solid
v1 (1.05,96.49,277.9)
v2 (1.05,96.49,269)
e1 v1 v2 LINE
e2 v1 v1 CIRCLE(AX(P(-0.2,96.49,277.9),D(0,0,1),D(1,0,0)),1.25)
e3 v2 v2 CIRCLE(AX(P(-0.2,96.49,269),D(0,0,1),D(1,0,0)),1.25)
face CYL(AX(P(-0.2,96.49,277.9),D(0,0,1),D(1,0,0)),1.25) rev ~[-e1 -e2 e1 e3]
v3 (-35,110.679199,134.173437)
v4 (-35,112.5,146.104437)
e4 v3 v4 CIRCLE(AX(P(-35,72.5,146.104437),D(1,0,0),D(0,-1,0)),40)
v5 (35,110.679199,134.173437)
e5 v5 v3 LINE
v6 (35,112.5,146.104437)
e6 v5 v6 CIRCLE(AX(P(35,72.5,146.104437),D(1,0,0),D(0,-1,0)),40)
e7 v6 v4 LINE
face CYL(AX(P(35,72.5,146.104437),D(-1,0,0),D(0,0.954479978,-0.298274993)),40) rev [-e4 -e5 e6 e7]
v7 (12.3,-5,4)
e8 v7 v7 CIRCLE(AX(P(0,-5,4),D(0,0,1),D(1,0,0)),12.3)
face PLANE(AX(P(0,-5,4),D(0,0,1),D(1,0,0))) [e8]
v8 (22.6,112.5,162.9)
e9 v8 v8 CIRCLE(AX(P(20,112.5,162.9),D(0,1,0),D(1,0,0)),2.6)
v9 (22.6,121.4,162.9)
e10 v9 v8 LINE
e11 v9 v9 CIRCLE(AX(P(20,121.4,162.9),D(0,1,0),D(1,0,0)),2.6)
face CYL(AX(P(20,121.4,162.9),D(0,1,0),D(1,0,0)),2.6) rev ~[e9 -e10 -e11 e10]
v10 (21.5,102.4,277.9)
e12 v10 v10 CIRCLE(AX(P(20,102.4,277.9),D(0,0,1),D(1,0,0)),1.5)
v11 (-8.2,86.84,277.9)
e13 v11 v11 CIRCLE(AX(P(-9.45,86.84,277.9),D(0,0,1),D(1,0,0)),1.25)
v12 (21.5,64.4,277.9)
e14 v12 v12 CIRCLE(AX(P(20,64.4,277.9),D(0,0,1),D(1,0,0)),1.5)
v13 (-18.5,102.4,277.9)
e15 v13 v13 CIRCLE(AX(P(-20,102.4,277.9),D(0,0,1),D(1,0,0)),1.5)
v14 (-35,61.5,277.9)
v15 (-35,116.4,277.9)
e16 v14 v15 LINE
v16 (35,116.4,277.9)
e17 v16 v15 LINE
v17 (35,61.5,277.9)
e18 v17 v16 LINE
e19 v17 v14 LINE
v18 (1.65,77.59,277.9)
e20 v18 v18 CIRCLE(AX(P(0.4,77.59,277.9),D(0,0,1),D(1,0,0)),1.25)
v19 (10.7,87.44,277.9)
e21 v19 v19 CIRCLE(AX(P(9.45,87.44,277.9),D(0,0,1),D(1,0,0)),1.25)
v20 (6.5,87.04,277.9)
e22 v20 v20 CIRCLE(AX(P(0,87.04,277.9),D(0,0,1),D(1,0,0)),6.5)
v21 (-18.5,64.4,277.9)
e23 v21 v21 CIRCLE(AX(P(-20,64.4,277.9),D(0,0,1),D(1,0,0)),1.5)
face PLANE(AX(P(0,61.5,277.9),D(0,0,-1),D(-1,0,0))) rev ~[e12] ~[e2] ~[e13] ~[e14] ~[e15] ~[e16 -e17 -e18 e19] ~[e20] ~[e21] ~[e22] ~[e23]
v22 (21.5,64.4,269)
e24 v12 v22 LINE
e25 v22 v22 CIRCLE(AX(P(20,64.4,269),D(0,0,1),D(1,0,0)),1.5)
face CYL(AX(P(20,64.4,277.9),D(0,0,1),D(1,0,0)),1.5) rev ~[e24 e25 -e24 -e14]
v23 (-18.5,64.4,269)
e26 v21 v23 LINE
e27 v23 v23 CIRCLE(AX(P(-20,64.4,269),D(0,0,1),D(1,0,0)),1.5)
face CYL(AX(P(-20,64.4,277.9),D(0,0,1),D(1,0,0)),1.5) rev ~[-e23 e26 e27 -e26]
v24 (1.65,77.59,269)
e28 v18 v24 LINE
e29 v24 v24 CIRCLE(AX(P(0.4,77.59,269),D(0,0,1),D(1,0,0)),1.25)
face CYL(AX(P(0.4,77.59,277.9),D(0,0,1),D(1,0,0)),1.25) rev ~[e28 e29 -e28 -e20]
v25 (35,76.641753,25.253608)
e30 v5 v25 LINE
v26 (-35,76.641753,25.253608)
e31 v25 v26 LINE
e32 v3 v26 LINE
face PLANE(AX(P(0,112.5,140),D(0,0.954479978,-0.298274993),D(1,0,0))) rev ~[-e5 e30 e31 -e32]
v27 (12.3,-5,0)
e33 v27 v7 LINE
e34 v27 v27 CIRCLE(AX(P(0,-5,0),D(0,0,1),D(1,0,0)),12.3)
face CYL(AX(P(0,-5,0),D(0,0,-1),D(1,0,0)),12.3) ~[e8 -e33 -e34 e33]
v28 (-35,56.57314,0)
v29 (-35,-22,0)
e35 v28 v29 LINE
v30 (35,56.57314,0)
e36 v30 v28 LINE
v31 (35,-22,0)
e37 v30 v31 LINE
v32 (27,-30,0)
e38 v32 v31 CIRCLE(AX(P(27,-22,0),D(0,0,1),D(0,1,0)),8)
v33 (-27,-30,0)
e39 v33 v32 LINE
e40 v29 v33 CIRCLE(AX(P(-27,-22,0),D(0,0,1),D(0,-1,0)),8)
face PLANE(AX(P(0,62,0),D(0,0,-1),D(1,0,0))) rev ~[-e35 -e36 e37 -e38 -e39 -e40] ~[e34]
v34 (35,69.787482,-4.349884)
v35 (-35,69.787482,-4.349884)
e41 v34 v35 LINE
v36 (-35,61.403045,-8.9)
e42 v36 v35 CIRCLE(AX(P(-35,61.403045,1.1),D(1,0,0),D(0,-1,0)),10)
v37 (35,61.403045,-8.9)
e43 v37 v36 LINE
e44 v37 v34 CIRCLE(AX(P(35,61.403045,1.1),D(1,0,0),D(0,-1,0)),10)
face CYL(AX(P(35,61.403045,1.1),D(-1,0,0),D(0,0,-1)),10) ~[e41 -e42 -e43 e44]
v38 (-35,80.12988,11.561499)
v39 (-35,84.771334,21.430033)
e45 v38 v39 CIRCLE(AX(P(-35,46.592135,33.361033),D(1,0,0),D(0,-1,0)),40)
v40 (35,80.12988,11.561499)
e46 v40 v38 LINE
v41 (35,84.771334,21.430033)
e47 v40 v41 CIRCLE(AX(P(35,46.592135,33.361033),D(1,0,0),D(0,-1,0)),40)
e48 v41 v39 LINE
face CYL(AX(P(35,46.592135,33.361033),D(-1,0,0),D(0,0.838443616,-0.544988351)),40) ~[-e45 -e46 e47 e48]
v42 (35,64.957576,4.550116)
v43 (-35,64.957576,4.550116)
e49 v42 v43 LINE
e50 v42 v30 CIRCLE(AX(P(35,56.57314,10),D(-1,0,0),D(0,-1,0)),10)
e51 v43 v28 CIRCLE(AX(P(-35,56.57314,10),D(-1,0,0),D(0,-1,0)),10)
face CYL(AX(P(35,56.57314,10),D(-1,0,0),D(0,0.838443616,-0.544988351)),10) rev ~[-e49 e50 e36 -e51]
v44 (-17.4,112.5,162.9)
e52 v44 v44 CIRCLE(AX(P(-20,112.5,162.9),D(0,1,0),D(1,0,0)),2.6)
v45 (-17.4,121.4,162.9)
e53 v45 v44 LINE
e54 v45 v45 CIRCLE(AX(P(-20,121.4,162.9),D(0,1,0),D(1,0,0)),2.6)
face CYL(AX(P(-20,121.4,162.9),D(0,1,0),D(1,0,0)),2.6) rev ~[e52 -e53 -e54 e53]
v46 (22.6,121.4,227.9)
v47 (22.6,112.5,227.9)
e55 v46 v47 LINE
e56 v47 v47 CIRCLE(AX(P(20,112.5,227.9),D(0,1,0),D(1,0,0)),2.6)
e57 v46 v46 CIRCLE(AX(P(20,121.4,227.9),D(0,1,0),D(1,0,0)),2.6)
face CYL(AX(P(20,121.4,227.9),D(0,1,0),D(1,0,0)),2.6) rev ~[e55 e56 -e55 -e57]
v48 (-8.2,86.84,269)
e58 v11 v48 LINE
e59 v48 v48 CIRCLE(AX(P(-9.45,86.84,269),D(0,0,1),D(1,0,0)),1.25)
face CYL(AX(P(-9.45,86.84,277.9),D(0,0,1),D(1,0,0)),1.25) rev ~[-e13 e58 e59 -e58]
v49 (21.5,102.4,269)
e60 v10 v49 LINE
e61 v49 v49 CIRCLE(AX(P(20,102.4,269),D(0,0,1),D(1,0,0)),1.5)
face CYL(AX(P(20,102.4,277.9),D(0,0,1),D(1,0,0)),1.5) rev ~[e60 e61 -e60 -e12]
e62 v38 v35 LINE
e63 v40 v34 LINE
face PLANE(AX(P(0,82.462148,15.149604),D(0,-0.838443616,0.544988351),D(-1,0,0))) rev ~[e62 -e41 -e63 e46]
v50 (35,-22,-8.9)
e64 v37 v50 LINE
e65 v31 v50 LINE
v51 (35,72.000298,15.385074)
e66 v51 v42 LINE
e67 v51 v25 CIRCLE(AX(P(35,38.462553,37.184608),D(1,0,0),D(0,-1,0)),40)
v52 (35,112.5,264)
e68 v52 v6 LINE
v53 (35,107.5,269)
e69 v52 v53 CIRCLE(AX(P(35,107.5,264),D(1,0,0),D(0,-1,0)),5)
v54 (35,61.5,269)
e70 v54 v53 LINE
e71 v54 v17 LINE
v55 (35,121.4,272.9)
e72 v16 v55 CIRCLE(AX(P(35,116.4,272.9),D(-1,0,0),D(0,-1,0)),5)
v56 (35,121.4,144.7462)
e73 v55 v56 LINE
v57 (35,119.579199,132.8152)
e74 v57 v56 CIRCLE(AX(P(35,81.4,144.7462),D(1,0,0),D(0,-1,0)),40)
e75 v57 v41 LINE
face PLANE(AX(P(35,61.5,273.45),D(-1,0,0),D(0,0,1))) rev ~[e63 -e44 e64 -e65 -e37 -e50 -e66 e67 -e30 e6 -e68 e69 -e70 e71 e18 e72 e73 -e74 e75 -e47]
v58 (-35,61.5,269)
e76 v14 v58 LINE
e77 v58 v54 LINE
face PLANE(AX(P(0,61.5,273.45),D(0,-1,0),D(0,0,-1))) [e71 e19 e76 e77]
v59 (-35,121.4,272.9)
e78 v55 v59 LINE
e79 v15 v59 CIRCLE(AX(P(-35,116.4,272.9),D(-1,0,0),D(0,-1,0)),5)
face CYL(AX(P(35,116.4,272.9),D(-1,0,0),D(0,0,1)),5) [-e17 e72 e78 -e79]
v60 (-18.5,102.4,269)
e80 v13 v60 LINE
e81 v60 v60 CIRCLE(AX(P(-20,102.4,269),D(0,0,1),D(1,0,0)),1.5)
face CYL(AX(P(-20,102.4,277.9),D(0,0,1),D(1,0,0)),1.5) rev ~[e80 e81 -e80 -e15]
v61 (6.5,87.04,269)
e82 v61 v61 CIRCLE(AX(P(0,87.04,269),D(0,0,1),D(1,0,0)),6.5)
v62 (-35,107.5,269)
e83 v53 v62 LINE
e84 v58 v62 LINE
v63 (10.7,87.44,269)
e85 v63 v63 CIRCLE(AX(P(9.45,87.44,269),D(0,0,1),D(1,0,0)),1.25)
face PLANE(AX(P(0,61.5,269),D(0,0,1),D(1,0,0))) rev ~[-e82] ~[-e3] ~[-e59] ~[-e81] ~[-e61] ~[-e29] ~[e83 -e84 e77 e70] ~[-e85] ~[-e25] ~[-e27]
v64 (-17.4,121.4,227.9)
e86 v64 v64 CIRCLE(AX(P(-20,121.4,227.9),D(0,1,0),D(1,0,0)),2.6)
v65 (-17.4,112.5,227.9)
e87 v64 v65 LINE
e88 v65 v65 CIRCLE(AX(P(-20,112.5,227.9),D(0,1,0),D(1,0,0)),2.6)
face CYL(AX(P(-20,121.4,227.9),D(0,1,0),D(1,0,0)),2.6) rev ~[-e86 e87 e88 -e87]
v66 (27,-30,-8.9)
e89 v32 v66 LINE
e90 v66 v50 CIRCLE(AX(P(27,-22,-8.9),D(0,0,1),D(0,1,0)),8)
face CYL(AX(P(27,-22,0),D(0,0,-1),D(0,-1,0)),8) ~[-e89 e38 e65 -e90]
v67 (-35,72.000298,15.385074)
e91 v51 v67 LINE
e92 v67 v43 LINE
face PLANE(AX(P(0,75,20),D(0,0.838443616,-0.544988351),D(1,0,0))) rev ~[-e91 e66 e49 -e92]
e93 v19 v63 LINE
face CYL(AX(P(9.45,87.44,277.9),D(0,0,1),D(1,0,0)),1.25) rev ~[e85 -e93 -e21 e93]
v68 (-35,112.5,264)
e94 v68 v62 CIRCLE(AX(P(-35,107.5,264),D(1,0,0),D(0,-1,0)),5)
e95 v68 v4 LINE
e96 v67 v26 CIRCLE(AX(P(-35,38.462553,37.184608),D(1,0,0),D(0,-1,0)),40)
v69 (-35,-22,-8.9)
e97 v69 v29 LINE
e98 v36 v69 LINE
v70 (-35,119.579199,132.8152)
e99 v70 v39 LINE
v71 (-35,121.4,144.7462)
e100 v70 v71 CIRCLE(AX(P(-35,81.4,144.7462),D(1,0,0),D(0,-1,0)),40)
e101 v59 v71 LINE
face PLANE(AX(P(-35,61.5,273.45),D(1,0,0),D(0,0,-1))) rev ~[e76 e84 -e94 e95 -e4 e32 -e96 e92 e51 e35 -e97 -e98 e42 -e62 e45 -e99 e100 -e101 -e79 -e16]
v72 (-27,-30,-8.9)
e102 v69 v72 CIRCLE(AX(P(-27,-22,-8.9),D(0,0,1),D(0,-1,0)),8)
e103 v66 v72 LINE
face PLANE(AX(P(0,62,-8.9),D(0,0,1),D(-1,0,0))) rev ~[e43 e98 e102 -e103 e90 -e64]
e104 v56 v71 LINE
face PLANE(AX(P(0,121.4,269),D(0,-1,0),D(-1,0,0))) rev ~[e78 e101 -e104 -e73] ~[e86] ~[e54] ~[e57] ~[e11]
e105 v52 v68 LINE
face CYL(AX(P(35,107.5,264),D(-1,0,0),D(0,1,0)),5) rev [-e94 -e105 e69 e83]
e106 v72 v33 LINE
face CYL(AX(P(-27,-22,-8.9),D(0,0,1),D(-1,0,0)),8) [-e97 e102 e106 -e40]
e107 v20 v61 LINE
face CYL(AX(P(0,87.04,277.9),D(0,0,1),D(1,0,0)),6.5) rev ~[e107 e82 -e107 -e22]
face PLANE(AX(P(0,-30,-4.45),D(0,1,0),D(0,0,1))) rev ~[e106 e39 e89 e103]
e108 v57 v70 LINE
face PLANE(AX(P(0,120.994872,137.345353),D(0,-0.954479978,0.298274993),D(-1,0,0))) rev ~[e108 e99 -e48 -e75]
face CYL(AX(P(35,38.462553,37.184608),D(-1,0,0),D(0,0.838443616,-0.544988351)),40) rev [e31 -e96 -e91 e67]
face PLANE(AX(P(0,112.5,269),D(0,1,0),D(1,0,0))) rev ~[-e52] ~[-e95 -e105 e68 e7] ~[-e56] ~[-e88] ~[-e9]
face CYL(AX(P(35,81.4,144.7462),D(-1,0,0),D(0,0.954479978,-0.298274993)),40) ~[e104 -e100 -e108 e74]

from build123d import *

# Parameters (mm, degrees)
SKETCH3_W           = 70
SKETCH3_H           = 8.9
SKETCH4_R           = 12.3
BOSS_EXTRUDE1_DEPTH = 4
FILLET1_R           = 10
FILLET2_R           = 40
FILLET3_R           = 8
FILLET4_R           = 40
FILLET5_R           = 5
CUT_EXTRUDE1_REACH  = 288.8
SKETCH5_R           = 6.5
SKETCH5_R_2         = 1.25
CUT_EXTRUDE2_REACH  = 153.4
SKETCH6_R           = 2.6
CUT_EXTRUDE3_REACH  = 288.8
SKETCH7_R           = 1.5


with BuildPart() as part:
    # Sweep1: sweep along a path in Sketch1
    with BuildLine(Plane(origin=(0, 0, 0), x_dir=(0, 0, -1), z_dir=(1, 0, 0))) as sweep1_path:
        Line((-269, 61.5), (-269, 112.5))
        Line((-269, 112.5), (-140, 112.5))
        Line((-140, 112.5), (-20, 75))
        Line((-20, 75), (0, 62))
        Line((0, 62), (0, 0))
        Line((0, 0), (0, -30))
    # Sketch3 → Sweep1 (sweep)
    with BuildSketch(Plane(origin=(0, 0, 0), x_dir=(1, 0, 0), z_dir=(0, 1, 0))):
        with Locations((0, 4.45)):
            Rectangle(SKETCH3_W, SKETCH3_H)
    sweep(path=sweep1_path.line, transition=Transition.RIGHT)

    # Sketch4 → Boss-Extrude1 (add)
    with BuildSketch(Plane.XY):
        with Locations((0, -5)):
            Circle(SKETCH4_R)
    extrude(amount=BOSS_EXTRUDE1_DEPTH)

    # Fillet1
    fillet1_edges = [part.edges().sort_by_distance(p)[0] for p in [
        (0, 66.829905793, -8.9),
        (0, 62, 0),
    ]]
    fillet(fillet1_edges, radius=FILLET1_R)

    # Fillet2
    fillet2_edges = [part.edges().sort_by_distance(p)[0] for p in [
        (0, 83.129581848, 16.176424699),
        (0, 75, 20),
    ]]
    fillet(fillet2_edges, radius=FILLET2_R)

    # Fillet3
    fillet3_edges = [part.edges().sort_by_distance(p)[0] for p in [
        (35, -30, -4.45),
        (-35, -30, -4.45),
    ]]
    fillet(fillet3_edges, radius=FILLET3_R)

    # Fillet4
    fillet4_edges = [part.edges().sort_by_distance(p)[0] for p in [
        (0, 121.4, 138.641762787),
        (0, 112.5, 140),
    ]]
    fillet(fillet4_edges, radius=FILLET4_R)

    # Fillet5
    fillet5_edges = [part.edges().sort_by_distance(p)[0] for p in [
        (0, 112.5, 269),
        (0, 121.4, 277.9),
    ]]
    fillet(fillet5_edges, radius=FILLET5_R)

    # Sketch5 → Cut-Extrude1 (cut, up to next)
    with BuildSketch(Plane.XY.offset(277.9), mode=Mode.PRIVATE) as cut_extrude1_sk1:
        with Locations((0, 87.04)):
            Circle(SKETCH5_R)
    cut_extrude1_tool1 = extrude(cut_extrude1_sk1.sketch, amount=-CUT_EXTRUDE1_REACH, mode=Mode.PRIVATE) & part.part
    add(cut_extrude1_tool1.solids().sort_by_distance((0, 87.04, 277.9))[0], mode=Mode.SUBTRACT)
    # Sketch5 → Cut-Extrude1 (cut, up to next)
    with BuildSketch(Plane.XY.offset(277.9), mode=Mode.PRIVATE) as cut_extrude1_sk2:
        with Locations((-0.2, 96.49)):
            Circle(SKETCH5_R_2)
    cut_extrude1_tool2 = extrude(cut_extrude1_sk2.sketch, amount=-CUT_EXTRUDE1_REACH, mode=Mode.PRIVATE) & part.part
    add(cut_extrude1_tool2.solids().sort_by_distance((-0.2, 96.49, 277.9))[0], mode=Mode.SUBTRACT)
    # Sketch5 → Cut-Extrude1 (cut, up to next)
    with BuildSketch(Plane.XY.offset(277.9), mode=Mode.PRIVATE) as cut_extrude1_sk3:
        with Locations((0.4, 77.59)):
            Circle(SKETCH5_R_2)
    cut_extrude1_tool3 = extrude(cut_extrude1_sk3.sketch, amount=-CUT_EXTRUDE1_REACH, mode=Mode.PRIVATE) & part.part
    add(cut_extrude1_tool3.solids().sort_by_distance((0.4, 77.59, 277.9))[0], mode=Mode.SUBTRACT)
    # Sketch5 → Cut-Extrude1 (cut, up to next)
    with BuildSketch(Plane.XY.offset(277.9), mode=Mode.PRIVATE) as cut_extrude1_sk4:
        with Locations((-9.45, 86.84)):
            Circle(SKETCH5_R_2)
    cut_extrude1_tool4 = extrude(cut_extrude1_sk4.sketch, amount=-CUT_EXTRUDE1_REACH, mode=Mode.PRIVATE) & part.part
    add(cut_extrude1_tool4.solids().sort_by_distance((-9.45, 86.84, 277.9))[0], mode=Mode.SUBTRACT)
    # Sketch5 → Cut-Extrude1 (cut, up to next)
    with BuildSketch(Plane.XY.offset(277.9), mode=Mode.PRIVATE) as cut_extrude1_sk5:
        with Locations((9.45, 87.44)):
            Circle(SKETCH5_R_2)
    cut_extrude1_tool5 = extrude(cut_extrude1_sk5.sketch, amount=-CUT_EXTRUDE1_REACH, mode=Mode.PRIVATE) & part.part
    add(cut_extrude1_tool5.solids().sort_by_distance((9.45, 87.44, 277.9))[0], mode=Mode.SUBTRACT)

    # Sketch6 → Cut-Extrude2 (cut, up to next)
    with BuildSketch(Plane(origin=(0, 121.4, 0), x_dir=(1, 0, 0), z_dir=(0, 1, 0)), mode=Mode.PRIVATE) as cut_extrude2_sk1:
        with Locations((-20, -162.9)):
            Circle(SKETCH6_R)
    cut_extrude2_tool1 = extrude(cut_extrude2_sk1.sketch, amount=-CUT_EXTRUDE2_REACH, mode=Mode.PRIVATE) & part.part
    add(cut_extrude2_tool1.solids().sort_by_distance((-20, 121.4, 162.9))[0], mode=Mode.SUBTRACT)
    # Sketch6 → Cut-Extrude2 (cut, up to next)
    with BuildSketch(Plane(origin=(0, 121.4, 0), x_dir=(1, 0, 0), z_dir=(0, 1, 0)), mode=Mode.PRIVATE) as cut_extrude2_sk2:
        with Locations((20, -162.9)):
            Circle(SKETCH6_R)
    cut_extrude2_tool2 = extrude(cut_extrude2_sk2.sketch, amount=-CUT_EXTRUDE2_REACH, mode=Mode.PRIVATE) & part.part
    add(cut_extrude2_tool2.solids().sort_by_distance((20, 121.4, 162.9))[0], mode=Mode.SUBTRACT)
    # Sketch6 → Cut-Extrude2 (cut, up to next)
    with BuildSketch(Plane(origin=(0, 121.4, 0), x_dir=(1, 0, 0), z_dir=(0, 1, 0)), mode=Mode.PRIVATE) as cut_extrude2_sk3:
        with Locations((-20, -227.9)):
            Circle(SKETCH6_R)
    cut_extrude2_tool3 = extrude(cut_extrude2_sk3.sketch, amount=-CUT_EXTRUDE2_REACH, mode=Mode.PRIVATE) & part.part
    add(cut_extrude2_tool3.solids().sort_by_distance((-20, 121.4, 227.9))[0], mode=Mode.SUBTRACT)
    # Sketch6 → Cut-Extrude2 (cut, up to next)
    with BuildSketch(Plane(origin=(0, 121.4, 0), x_dir=(1, 0, 0), z_dir=(0, 1, 0)), mode=Mode.PRIVATE) as cut_extrude2_sk4:
        with Locations((20, -227.9)):
            Circle(SKETCH6_R)
    cut_extrude2_tool4 = extrude(cut_extrude2_sk4.sketch, amount=-CUT_EXTRUDE2_REACH, mode=Mode.PRIVATE) & part.part
    add(cut_extrude2_tool4.solids().sort_by_distance((20, 121.4, 227.9))[0], mode=Mode.SUBTRACT)

    # Sketch7 → Cut-Extrude3 (cut, up to next)
    with BuildSketch(Plane.XY.offset(277.9), mode=Mode.PRIVATE) as cut_extrude3_sk1:
        with Locations((20, 102.4)):
            Circle(SKETCH7_R)
    cut_extrude3_tool1 = extrude(cut_extrude3_sk1.sketch, amount=-CUT_EXTRUDE3_REACH, mode=Mode.PRIVATE) & part.part
    add(cut_extrude3_tool1.solids().sort_by_distance((20, 102.4, 277.9))[0], mode=Mode.SUBTRACT)
    # Sketch7 → Cut-Extrude3 (cut, up to next)
    with BuildSketch(Plane.XY.offset(277.9), mode=Mode.PRIVATE) as cut_extrude3_sk2:
        with Locations((20, 64.4)):
            Circle(SKETCH7_R)
    cut_extrude3_tool2 = extrude(cut_extrude3_sk2.sketch, amount=-CUT_EXTRUDE3_REACH, mode=Mode.PRIVATE) & part.part
    add(cut_extrude3_tool2.solids().sort_by_distance((20, 64.4, 277.9))[0], mode=Mode.SUBTRACT)
    # Sketch7 → Cut-Extrude3 (cut, up to next)
    with BuildSketch(Plane.XY.offset(277.9), mode=Mode.PRIVATE) as cut_extrude3_sk3:
        with Locations((-20, 102.4)):
            Circle(SKETCH7_R)
    cut_extrude3_tool3 = extrude(cut_extrude3_sk3.sketch, amount=-CUT_EXTRUDE3_REACH, mode=Mode.PRIVATE) & part.part
    add(cut_extrude3_tool3.solids().sort_by_distance((-20, 102.4, 277.9))[0], mode=Mode.SUBTRACT)
    # Sketch7 → Cut-Extrude3 (cut, up to next)
    with BuildSketch(Plane.XY.offset(277.9), mode=Mode.PRIVATE) as cut_extrude3_sk4:
        with Locations((-20, 64.4)):
            Circle(SKETCH7_R)
    cut_extrude3_tool4 = extrude(cut_extrude3_sk4.sketch, amount=-CUT_EXTRUDE3_REACH, mode=Mode.PRIVATE) & part.part
    add(cut_extrude3_tool4.solids().sort_by_distance((-20, 64.4, 277.9))[0], mode=Mode.SUBTRACT)


solid = part.part
